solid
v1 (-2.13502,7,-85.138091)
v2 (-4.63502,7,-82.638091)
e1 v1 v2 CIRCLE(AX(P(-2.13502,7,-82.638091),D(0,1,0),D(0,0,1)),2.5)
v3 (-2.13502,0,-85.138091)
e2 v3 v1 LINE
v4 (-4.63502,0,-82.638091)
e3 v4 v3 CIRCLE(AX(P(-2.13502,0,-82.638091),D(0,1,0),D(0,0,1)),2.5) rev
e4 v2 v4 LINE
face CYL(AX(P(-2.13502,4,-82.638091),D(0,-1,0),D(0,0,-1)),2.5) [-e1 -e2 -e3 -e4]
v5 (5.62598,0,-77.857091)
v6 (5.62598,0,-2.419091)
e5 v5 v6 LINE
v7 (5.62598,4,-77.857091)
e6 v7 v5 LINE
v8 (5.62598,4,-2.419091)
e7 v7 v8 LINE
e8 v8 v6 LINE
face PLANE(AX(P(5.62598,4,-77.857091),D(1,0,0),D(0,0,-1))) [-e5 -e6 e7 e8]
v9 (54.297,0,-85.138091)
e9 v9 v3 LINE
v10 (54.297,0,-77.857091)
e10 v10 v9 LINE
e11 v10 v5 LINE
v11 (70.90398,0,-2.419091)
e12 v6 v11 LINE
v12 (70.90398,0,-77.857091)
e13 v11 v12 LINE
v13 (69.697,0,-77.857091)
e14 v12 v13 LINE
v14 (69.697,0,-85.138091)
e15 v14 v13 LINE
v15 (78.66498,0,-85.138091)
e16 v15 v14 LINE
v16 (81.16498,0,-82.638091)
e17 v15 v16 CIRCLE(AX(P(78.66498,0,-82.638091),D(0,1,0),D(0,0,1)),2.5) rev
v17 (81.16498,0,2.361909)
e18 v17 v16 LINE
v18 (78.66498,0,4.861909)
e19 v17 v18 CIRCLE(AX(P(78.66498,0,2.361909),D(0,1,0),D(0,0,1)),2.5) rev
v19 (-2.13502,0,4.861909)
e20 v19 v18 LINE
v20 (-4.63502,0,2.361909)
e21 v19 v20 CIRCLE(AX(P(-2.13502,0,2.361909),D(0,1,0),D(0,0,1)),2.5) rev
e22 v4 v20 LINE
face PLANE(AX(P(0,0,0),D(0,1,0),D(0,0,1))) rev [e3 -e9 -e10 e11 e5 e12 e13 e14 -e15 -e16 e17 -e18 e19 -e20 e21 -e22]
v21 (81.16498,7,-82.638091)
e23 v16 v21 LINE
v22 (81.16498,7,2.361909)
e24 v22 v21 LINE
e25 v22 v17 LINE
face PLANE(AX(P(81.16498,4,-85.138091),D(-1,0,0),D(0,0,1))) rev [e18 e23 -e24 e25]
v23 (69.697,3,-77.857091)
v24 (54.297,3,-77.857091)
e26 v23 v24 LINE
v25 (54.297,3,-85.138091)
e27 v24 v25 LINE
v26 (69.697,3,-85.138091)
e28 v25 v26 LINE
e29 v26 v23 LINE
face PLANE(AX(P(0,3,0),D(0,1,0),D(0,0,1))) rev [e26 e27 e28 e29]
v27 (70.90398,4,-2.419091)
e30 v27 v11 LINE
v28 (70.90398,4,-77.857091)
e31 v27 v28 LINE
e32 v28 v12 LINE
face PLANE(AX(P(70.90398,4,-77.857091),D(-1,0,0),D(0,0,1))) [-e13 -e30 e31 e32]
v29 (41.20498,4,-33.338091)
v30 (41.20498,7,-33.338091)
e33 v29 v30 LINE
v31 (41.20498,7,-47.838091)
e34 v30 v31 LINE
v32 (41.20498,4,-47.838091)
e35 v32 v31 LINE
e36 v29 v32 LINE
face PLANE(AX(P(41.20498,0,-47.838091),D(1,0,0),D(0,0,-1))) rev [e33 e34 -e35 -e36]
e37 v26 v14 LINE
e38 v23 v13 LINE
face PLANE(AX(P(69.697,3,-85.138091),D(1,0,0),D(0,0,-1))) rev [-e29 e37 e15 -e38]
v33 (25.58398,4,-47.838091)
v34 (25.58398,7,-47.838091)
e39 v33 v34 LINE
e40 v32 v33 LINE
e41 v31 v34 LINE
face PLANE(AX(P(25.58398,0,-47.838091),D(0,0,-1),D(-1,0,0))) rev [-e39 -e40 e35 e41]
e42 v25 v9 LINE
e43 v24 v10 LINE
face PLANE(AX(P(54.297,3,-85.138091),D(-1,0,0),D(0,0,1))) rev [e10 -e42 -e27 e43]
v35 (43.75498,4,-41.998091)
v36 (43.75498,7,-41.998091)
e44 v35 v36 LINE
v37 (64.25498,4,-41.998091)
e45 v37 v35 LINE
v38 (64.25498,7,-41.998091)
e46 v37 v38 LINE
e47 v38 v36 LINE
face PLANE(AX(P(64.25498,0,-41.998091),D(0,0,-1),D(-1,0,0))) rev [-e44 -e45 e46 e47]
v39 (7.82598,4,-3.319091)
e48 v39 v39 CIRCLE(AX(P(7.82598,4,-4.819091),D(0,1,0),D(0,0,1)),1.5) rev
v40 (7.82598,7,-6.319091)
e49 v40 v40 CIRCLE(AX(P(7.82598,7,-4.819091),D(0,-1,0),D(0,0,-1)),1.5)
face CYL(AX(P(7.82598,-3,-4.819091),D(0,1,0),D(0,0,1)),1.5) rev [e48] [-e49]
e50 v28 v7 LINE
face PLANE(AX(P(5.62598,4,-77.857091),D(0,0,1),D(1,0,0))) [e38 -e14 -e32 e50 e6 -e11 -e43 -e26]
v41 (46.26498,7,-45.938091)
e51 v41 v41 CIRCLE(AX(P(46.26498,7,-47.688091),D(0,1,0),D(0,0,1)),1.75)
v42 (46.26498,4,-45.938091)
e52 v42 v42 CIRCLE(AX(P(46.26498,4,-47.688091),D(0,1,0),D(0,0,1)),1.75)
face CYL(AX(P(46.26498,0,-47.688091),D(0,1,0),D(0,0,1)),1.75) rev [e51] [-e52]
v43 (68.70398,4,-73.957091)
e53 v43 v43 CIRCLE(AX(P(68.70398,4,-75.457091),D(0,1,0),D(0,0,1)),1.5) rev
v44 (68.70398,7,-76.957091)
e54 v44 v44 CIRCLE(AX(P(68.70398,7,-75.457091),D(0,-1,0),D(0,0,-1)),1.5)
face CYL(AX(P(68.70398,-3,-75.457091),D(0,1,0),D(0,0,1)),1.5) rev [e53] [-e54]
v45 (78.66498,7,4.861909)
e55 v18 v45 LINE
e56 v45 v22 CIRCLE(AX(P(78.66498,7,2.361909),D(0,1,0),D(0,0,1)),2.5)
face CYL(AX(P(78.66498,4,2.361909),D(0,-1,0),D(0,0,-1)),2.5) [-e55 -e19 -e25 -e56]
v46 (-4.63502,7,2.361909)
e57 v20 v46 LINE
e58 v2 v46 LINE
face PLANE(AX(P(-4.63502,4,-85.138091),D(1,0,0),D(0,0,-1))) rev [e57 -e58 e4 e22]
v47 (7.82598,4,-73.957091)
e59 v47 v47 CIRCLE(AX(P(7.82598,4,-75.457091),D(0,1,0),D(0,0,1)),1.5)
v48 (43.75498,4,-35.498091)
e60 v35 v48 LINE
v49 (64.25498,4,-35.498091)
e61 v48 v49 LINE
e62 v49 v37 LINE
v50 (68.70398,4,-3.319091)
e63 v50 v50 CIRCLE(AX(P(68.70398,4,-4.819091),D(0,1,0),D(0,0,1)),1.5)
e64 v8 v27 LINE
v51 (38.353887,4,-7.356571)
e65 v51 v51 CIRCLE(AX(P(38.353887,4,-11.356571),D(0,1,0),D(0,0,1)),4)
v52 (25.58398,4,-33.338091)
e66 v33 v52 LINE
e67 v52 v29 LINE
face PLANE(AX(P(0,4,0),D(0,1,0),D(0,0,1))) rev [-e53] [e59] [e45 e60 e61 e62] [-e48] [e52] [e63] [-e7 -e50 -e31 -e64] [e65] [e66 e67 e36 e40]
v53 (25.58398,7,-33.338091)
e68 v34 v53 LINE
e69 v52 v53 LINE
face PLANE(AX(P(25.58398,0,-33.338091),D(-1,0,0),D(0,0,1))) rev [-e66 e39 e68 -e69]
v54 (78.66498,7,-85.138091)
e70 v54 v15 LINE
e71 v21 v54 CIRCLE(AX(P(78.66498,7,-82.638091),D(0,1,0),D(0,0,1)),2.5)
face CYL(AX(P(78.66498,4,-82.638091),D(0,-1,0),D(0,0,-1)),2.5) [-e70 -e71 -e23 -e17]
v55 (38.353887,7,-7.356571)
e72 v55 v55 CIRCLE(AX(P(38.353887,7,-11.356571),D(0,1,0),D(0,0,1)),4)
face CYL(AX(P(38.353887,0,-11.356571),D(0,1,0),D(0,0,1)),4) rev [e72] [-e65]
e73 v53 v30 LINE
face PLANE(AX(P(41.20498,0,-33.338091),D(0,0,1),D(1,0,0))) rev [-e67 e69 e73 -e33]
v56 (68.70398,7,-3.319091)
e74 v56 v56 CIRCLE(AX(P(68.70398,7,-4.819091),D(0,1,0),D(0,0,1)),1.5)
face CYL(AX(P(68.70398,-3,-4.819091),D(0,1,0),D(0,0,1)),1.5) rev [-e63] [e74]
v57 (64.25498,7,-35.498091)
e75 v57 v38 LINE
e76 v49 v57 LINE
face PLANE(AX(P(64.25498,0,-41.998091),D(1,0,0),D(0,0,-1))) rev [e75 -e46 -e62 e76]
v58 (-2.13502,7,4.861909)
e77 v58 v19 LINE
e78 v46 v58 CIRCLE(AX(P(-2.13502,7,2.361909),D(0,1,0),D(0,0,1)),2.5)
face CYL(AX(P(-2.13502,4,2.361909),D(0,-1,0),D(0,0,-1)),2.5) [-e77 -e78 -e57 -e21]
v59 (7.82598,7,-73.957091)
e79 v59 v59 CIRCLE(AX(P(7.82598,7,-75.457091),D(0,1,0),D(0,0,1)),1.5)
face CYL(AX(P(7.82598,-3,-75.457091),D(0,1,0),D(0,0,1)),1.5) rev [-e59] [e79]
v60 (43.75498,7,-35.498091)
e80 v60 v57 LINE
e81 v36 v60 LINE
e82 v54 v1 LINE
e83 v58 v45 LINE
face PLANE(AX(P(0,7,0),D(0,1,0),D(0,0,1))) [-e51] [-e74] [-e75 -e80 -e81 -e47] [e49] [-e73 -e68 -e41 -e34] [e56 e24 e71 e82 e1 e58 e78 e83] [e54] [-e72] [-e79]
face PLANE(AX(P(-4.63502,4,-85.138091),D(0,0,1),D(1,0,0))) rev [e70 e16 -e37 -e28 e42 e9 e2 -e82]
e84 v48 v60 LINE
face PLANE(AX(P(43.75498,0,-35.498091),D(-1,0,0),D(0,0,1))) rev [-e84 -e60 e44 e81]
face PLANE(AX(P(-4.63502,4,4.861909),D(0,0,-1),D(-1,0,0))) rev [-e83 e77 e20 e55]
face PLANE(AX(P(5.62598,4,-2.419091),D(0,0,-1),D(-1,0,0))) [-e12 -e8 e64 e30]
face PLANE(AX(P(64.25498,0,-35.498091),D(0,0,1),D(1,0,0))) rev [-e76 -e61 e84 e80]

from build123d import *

# Parameters (mm, degrees)
SKETCH_1_W           = 85.8
SKETCH_1_H           = 90
SKETCH_1_W_2         = 65.278
SKETCH_1_H_2         = 75.438
EXTRUDE_1_DEPTH      = 4
SKETCH_6_W           = 85.8
SKETCH_6_H           = 90
EXTRUDE_2_DEPTH      = 3
SKETCH_7_W           = 15.4
SKETCH_7_H           = 7.281
CUT_EXTRUDE_1_DEPTH  = 3
FILLET_1_R           = 2.5
CUT_EXTRUDE_2_DEPTH  = 118.835684599
SKETCH_10_R          = 1.75
CUT_EXTRUDE_3_DEPTH  = 118.835684599
SKETCH_11_W          = 15.621
SKETCH_11_H          = 14.5
CUT_EXTRUDE_4_DEPTH  = 118.835684599
SKETCH_15_R          = 4
CUT_EXTRUDE_8_DEPTH  = 118.835684599
SKETCH_12_R          = 1.5
CUT_EXTRUDE_15_DEPTH = 10


with BuildPart() as part:
    # 草图1 → 凸台-拉伸1 (new body)
    with BuildSketch(Plane(origin=(0, 0, 0), x_dir=(1, 0, 0), z_dir=(0, 1, 0))):
        with Locations((38.264980184, 40.138091102)):
            Rectangle(SKETCH_1_W, SKETCH_1_H)
        with Locations((38.264980184, 40.138091102)):
            Rectangle(SKETCH_1_W_2, SKETCH_1_H_2, mode=Mode.SUBTRACT)
    extrude(amount=EXTRUDE_1_DEPTH)

    # 草图6 → 凸台-拉伸2 (add)
    with BuildSketch(Plane(origin=(0, 4, 0), x_dir=(1, 0, 0), z_dir=(0, 1, 0))):
        with Locations((38.264980184, 40.138091102)):
            Rectangle(SKETCH_6_W, SKETCH_6_H)
    extrude(amount=EXTRUDE_2_DEPTH)

    # 草图7 → 切除-拉伸1 (cut)
    with BuildSketch(Plane.XZ):
        with Locations((61.997000004, -81.497591102)):
            Rectangle(SKETCH_7_W, SKETCH_7_H)
    extrude(amount=-CUT_EXTRUDE_1_DEPTH, mode=Mode.SUBTRACT)

    # 圆角1
    fillet_1_edges = [part.edges().sort_by_distance(p)[0] for p in [
        (-4.635019816, 3.5, -85.138091102),
        (81.164980184, 3.5, -85.138091102),
        (81.164980184, 3.5, 4.861908898),
        (-4.635019816, 3.5, 4.861908898),
    ]]
    fillet(fillet_1_edges, radius=FILLET_1_R)

    # 草图9 → 切除-拉伸2 (cut, through all)
    with BuildSketch(Plane(origin=(0, 7, 0), x_dir=(1, 0, 0), z_dir=(0, 1, 0))):
        Polygon((64.254980184, 41.998091102), (47.299239867, 41.998091102), (43.754980184, 41.998091102), (43.754980184, 35.498091102), (64.254980184, 35.498091102), align=None)
    extrude(amount=-CUT_EXTRUDE_2_DEPTH, mode=Mode.SUBTRACT)

    # 草图10 → 切除-拉伸3 (cut, through all)
    with BuildSketch(Plane(origin=(0, 7, 0), x_dir=(1, 0, 0), z_dir=(0, 1, 0))):
        with Locations(Location((46.264980184, 47.688091102, 0), (0, 0, 270))):
            Circle(SKETCH_10_R)
    extrude(amount=-CUT_EXTRUDE_3_DEPTH, mode=Mode.SUBTRACT)

    # 草图11 → 切除-拉伸4 (cut, through all)
    with BuildSketch(Plane(origin=(0, 7, 0), x_dir=(1, 0, 0), z_dir=(0, 1, 0))):
        with Locations((33.394480184, 40.588091102)):
            Rectangle(SKETCH_11_W, SKETCH_11_H)
    extrude(amount=-CUT_EXTRUDE_4_DEPTH, mode=Mode.SUBTRACT)

    # 草图15 → 切除-拉伸8 (cut, through all)
    with BuildSketch(Plane(origin=(0, 7, 0), x_dir=(1, 0, 0), z_dir=(0, 1, 0))):
        with Locations(Location((38.353887366, 11.356570823, 0), (0, 0, 270))):
            Circle(SKETCH_15_R)
    extrude(amount=-CUT_EXTRUDE_8_DEPTH, mode=Mode.SUBTRACT)

    # 草图12 → 切除-拉伸15 (cut)
    with BuildSketch(Plane(origin=(0, 7, 0), x_dir=(1, 0, 0), z_dir=(0, 1, 0))):
        with Locations(Location((7.825980184, 75.457091102, 0), (0, 0, 270))):
            Circle(SKETCH_12_R)
        with Locations(Location((68.703980184, 75.457091102, 0), (0, 0, 270))):
            Circle(SKETCH_12_R)
        with Locations(Location((7.825980184, 4.819091102, 0), (0, 0, 270))):
            Circle(SKETCH_12_R)
        with Locations(Location((68.703980184, 4.819091102, 0), (0, 0, 270))):
            Circle(SKETCH_12_R)
    extrude(amount=-CUT_EXTRUDE_15_DEPTH, mode=Mode.SUBTRACT)


solid = part.part
